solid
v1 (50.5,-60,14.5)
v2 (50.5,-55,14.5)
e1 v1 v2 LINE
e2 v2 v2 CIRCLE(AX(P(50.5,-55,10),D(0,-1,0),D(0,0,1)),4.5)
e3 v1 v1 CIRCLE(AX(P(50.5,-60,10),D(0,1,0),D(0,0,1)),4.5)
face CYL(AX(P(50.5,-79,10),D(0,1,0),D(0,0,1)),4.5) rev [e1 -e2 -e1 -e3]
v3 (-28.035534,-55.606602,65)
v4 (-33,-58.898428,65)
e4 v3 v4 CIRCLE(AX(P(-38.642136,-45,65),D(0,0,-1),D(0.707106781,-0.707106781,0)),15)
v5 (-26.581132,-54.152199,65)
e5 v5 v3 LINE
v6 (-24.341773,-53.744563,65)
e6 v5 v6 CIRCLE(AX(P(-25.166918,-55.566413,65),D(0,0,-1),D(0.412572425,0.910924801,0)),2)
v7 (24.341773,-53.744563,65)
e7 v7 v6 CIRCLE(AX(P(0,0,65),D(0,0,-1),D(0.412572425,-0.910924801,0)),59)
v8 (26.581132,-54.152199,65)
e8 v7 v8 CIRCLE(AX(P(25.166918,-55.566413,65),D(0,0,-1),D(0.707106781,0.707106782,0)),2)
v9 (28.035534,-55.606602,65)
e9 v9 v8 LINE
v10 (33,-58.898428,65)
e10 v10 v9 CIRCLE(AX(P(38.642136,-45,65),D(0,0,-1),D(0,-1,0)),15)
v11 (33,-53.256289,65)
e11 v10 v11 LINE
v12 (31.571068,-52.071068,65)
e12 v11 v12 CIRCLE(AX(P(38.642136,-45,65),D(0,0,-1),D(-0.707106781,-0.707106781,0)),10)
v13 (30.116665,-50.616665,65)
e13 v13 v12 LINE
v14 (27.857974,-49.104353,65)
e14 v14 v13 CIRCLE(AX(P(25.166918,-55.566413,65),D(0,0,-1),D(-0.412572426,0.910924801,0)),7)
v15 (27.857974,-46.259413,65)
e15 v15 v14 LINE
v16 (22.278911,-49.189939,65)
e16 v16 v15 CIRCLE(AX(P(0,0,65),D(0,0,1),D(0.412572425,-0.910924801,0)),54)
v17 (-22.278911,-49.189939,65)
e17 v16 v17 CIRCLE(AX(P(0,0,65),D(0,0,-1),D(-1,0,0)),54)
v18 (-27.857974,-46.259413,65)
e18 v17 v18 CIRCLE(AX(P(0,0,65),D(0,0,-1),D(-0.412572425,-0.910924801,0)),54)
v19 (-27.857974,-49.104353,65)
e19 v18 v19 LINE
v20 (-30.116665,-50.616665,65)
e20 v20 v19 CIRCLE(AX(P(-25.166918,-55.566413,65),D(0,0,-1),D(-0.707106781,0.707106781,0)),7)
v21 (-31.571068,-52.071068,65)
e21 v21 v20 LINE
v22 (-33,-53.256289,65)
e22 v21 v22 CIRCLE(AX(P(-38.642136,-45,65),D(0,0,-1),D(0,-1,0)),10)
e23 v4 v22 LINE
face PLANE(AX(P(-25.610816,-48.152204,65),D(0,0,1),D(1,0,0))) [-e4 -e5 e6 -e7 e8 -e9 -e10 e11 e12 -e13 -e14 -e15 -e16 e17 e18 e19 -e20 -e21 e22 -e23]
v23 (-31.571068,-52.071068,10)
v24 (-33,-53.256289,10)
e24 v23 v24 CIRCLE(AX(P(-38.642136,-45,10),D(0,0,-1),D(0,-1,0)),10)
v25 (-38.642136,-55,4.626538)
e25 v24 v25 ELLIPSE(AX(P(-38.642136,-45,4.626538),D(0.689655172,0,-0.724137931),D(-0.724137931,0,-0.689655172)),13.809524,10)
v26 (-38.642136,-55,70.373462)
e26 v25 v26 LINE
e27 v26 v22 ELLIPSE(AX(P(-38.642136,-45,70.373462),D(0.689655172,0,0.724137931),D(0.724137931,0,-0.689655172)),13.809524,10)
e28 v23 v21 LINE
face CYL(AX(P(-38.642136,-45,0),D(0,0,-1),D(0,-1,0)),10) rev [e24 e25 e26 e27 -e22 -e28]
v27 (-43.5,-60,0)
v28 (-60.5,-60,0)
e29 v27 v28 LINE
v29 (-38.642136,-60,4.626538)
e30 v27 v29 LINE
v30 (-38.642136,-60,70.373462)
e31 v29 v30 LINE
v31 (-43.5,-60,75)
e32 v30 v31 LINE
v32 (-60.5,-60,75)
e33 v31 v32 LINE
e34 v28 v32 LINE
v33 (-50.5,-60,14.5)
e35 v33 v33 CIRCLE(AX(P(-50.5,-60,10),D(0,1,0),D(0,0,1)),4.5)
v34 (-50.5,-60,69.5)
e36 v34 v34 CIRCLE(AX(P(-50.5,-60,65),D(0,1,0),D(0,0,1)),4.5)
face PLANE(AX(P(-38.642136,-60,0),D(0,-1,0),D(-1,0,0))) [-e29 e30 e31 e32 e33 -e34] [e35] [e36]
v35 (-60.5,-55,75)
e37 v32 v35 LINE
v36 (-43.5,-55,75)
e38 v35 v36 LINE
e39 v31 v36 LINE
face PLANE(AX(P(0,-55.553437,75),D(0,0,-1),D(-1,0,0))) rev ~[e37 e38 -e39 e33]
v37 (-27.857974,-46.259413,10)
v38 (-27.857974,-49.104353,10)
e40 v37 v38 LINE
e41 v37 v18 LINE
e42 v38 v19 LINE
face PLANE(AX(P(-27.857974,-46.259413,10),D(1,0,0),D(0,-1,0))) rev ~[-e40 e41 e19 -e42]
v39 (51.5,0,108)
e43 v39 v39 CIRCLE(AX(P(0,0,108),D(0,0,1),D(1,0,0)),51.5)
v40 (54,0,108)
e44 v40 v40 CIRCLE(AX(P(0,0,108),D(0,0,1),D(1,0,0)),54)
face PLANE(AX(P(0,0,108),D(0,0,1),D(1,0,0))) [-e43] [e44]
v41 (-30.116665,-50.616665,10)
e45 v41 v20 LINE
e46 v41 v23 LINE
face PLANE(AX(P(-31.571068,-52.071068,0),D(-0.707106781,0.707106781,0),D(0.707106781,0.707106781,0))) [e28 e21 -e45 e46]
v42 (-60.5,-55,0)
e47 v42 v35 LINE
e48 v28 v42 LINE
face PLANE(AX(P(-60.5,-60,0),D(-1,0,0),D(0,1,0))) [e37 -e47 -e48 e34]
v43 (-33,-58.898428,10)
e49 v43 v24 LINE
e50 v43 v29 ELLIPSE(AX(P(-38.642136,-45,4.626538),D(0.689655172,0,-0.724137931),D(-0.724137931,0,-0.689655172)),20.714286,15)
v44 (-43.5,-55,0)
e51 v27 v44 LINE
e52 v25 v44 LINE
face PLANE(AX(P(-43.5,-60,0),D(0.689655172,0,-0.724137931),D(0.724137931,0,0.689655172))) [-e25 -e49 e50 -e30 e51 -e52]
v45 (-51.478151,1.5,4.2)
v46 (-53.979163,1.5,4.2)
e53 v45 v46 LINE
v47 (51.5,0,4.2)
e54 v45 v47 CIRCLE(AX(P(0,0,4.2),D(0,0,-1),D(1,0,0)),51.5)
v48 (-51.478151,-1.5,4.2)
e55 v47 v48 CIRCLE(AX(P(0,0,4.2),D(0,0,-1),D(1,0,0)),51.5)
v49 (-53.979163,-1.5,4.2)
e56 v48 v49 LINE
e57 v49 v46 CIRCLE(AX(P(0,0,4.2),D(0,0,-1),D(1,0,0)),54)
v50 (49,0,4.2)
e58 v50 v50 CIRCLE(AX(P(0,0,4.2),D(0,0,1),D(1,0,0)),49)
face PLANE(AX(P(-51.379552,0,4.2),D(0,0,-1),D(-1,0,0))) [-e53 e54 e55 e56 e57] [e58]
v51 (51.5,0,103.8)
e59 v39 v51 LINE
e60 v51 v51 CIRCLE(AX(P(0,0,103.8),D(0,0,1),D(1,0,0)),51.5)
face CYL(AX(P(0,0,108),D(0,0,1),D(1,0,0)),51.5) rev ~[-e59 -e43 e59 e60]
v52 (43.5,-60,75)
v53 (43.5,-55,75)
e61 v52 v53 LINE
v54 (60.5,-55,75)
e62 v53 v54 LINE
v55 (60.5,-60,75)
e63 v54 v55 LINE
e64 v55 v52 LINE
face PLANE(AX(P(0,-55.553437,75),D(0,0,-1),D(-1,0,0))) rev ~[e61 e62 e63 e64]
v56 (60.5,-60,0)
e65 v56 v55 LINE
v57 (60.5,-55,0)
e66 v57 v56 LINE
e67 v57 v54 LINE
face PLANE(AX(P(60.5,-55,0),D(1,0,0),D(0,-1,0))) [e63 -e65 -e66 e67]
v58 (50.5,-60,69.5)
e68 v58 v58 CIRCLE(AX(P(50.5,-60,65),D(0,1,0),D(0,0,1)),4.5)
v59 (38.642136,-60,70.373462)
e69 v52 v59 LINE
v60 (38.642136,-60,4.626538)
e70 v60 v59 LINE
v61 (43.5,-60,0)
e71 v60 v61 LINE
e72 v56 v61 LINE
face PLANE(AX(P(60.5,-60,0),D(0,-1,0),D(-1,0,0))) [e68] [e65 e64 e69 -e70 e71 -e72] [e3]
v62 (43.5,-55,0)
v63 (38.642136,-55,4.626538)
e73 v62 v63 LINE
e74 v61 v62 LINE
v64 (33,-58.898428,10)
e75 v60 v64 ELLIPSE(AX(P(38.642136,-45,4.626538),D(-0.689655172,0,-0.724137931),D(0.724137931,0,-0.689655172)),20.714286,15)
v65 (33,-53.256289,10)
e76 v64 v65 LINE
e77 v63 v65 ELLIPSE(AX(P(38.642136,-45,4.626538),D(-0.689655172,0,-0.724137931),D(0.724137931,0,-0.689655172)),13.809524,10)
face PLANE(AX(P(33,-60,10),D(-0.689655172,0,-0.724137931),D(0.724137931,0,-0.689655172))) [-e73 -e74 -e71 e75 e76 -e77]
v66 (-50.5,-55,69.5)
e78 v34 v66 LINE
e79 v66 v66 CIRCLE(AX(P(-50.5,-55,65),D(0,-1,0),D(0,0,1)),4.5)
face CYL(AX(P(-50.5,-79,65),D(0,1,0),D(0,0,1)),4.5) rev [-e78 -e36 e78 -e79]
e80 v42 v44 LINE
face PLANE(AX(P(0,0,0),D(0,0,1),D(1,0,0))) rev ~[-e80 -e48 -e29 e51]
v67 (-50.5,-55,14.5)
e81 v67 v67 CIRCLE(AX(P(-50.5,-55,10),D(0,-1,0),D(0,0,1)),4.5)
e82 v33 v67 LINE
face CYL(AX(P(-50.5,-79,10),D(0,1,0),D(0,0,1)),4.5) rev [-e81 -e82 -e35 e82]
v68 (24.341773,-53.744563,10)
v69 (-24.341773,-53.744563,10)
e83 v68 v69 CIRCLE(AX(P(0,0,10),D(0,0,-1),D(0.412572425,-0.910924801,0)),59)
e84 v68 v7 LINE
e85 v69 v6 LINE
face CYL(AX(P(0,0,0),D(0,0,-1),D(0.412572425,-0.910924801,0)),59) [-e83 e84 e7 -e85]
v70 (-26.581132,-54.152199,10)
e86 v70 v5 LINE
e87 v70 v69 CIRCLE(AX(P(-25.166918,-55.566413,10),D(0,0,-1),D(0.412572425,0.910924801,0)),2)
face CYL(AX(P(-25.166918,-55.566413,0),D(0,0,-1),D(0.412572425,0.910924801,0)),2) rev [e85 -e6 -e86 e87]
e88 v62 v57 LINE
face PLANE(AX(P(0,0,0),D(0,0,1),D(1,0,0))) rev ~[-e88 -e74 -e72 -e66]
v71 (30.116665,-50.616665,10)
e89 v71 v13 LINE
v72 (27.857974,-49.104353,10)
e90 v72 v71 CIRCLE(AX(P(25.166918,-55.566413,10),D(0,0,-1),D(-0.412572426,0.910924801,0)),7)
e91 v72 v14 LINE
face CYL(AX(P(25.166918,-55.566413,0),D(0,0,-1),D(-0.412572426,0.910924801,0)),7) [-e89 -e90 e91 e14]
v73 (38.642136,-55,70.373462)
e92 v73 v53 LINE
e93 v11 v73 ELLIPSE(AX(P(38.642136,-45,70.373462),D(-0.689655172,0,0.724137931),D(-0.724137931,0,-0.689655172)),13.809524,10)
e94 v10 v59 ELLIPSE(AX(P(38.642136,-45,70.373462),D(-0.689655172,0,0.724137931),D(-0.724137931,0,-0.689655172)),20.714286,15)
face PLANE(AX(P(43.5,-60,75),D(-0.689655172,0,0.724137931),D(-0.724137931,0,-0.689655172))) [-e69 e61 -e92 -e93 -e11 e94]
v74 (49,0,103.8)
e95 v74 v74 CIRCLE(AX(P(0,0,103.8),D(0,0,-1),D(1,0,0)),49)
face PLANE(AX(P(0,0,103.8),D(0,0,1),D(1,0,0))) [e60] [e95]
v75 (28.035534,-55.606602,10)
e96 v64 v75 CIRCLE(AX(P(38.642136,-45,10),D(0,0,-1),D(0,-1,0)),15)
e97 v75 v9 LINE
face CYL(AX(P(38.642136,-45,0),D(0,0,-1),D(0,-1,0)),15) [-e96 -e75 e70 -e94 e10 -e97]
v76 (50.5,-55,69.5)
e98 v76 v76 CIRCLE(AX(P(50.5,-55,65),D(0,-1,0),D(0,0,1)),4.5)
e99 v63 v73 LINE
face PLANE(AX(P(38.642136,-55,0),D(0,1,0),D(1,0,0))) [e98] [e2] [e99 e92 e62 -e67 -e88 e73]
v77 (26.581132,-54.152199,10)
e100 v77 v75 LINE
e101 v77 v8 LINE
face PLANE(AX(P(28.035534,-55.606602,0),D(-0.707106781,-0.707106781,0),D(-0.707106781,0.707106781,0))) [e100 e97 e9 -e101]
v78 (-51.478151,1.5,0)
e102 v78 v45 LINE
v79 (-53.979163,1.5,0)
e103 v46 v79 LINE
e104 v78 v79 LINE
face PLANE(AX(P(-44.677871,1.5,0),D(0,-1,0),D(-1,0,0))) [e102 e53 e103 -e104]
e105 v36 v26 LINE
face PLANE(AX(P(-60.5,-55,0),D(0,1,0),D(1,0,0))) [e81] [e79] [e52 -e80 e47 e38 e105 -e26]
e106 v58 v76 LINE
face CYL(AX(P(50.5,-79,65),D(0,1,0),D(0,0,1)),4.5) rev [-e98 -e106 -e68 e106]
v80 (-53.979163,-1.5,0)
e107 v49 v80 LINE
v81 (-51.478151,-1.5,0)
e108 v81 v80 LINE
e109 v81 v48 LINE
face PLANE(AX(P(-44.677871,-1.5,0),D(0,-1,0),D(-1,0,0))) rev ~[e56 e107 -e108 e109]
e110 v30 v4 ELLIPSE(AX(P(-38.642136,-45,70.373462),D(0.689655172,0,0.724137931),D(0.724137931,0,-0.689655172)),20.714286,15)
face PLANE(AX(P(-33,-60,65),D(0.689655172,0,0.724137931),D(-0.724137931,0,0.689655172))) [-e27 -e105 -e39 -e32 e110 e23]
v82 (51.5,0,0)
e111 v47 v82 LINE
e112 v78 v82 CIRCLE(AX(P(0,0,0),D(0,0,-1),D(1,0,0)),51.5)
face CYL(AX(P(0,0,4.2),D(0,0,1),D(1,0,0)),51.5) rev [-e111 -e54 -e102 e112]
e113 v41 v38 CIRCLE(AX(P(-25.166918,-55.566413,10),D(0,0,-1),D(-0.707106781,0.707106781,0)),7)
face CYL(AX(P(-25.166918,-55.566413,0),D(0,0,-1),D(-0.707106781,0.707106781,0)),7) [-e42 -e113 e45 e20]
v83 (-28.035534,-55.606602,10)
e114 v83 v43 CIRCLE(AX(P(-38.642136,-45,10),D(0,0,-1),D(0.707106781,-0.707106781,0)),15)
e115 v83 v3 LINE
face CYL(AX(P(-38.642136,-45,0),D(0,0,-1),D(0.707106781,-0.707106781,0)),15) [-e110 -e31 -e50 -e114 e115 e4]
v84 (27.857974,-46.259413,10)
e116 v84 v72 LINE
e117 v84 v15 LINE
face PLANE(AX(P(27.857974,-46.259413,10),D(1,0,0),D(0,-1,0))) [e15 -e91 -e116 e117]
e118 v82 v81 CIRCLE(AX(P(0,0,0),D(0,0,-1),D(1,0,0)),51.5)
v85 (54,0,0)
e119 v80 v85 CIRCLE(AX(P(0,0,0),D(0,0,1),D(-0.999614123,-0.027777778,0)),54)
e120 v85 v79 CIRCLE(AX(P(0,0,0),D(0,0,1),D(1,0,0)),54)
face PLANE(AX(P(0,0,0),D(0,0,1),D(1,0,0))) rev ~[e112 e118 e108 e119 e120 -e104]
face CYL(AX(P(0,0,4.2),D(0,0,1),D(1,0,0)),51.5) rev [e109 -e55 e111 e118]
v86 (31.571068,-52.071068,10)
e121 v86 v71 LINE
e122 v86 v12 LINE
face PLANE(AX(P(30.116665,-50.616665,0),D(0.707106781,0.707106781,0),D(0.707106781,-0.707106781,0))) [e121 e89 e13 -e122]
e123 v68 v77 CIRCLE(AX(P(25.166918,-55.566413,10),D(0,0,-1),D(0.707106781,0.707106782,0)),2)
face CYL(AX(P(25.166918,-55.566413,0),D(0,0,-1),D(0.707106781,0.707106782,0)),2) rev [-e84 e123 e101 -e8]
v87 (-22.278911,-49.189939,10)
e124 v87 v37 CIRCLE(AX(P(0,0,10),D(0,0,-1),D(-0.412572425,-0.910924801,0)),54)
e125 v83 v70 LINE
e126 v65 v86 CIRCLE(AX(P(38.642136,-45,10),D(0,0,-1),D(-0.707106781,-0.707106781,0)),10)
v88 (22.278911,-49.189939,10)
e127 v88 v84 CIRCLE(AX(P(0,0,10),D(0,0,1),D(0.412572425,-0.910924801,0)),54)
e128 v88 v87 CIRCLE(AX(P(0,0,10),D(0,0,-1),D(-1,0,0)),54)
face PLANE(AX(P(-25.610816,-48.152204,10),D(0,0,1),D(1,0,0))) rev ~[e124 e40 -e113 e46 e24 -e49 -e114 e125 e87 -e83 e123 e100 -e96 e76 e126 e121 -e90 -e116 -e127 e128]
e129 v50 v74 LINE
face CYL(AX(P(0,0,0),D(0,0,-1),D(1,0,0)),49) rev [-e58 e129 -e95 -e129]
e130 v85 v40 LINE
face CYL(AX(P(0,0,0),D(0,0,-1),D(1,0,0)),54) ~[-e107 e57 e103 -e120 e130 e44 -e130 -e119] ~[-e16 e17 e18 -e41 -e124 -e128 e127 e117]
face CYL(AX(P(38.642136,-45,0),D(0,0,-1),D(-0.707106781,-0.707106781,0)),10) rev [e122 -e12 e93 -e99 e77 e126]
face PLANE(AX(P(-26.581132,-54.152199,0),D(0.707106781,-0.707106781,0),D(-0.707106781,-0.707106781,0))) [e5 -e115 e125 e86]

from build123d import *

# Parameters (mm, degrees)
ESQUISSE1_R                     = 54
ESQUISSE1_R_2                   = 49
EXTRUSION1_DEPTH                = 108
ESQUISSE2_R                     = 51.5
ENL_V_MAT_EXTRU_1_DEPTH         = 4.2
ENL_V_START                     = -4.2
ESQUISSE3_R                     = 51.5
ENL_V_MAT_EXTRU_2_DEPTH         = 4.2
ESQUISSE4_W                     = 13.403361345
ESQUISSE4_H                     = 3
ENL_V_MAT_EXTRU_3_DEPTH         = 4.2
EXTRUSION2_DEPTH                = 75
ENL_V_MAT_EXTRU_4_REACH         = 170.286
ENL_V_MAT_EXTRU_4_END_RADIUS    = 54
EXTRUSION3_DEPTH                = 55
R_P_TITION_LIN_AIRE1_COUNT      = 2
R_P_TITION_LIN_AIRE1_PITCH      = 55
R_P_TITION_LIN_AIRE1_COUNT_DIR2 = 2
R_P_TITION_LIN_AIRE1_PITCH_DIR2 = 101


with BuildPart() as part:
    # Esquisse1 → Extrusion1 (new body)
    with BuildSketch(Plane.XY):
        Circle(ESQUISSE1_R)
        Circle(ESQUISSE1_R_2, mode=Mode.SUBTRACT)
    extrude(amount=EXTRUSION1_DEPTH)

    # Esquisse2 → Enlèv. mat.-Extru.1 (cut)
    with BuildSketch(Plane.XY.offset(108)):
        Circle(ESQUISSE2_R)
    extrude(amount=-ENL_V_MAT_EXTRU_1_DEPTH, mode=Mode.SUBTRACT)

    # Esquisse3 → Enlèv. mat.-Extru.2 (cut)
    with BuildSketch(Plane(origin=(0, 0, 0), x_dir=(-1, 0, 0), z_dir=(0, 0, -1)).offset(ENL_V_START)):
        with Locations(Location((0, 0, 0), (0, 0, 180))):
            Circle(ESQUISSE3_R)
    extrude(amount=ENL_V_MAT_EXTRU_2_DEPTH, mode=Mode.SUBTRACT)

    # Esquisse4 → Enlèv. mat.-Extru.3 (cut)
    with BuildSketch(Plane(origin=(0, 0, 0), x_dir=(-1, 0, 0), z_dir=(0, 0, -1))):
        with Locations((51.37955182, 0)):
            Rectangle(ESQUISSE4_W, ESQUISSE4_H)
    extrude(amount=-ENL_V_MAT_EXTRU_3_DEPTH, mode=Mode.SUBTRACT)

    # Esquisse5 → Extrusion2 (add)
    with BuildSketch(Plane(origin=(0, 0, 0), x_dir=(-1, 0, 0), z_dir=(0, 0, -1))):
        with BuildLine():
            Line((-60.5, -60), (-38.642135624, -60))
            ThreePointArc((-38.642135624, -60), (-32.901884138, -58.858192988), (-28.035533906, -55.606601718))
            Line((-28.035533906, -55.606601718), (-26.581131511, -54.152199323))
            ThreePointArc((-26.581131511, -54.152199323), (-25.525097055, -53.598747333), (-24.341773098, -53.744563283))
            ThreePointArc((-24.341773098, -53.744563283), (0, -59), (24.341773098, -53.744563283))
            ThreePointArc((24.341773098, -53.744563283), (25.525097055, -53.598747333), (26.581131511, -54.152199323))
            Line((26.581131511, -54.152199323), (28.035533906, -55.606601718))
            ThreePointArc((28.035533906, -55.606601718), (32.901884138, -58.858192988), (38.642135624, -60))
            Line((38.642135624, -60), (60.5, -60))
            Line((60.5, -60), (60.5, -55))
            Line((60.5, -55), (38.642135624, -55))
            ThreePointArc((38.642135624, -55), (34.8153013, -54.238795325), (31.571067812, -52.071067812))
            Line((31.571067812, -52.071067812), (30.116665417, -50.616665417))
            ThreePointArc((30.116665417, -50.616665417), (26.42054482, -48.67958345), (22.278910971, -49.189939276))
            ThreePointArc((22.278910971, -49.189939276), (0, -54), (-22.278910971, -49.189939276))
            ThreePointArc((-22.278910971, -49.189939276), (-26.42054482, -48.67958345), (-30.116665417, -50.616665417))
            Line((-30.116665417, -50.616665417), (-31.571067812, -52.071067812))
            ThreePointArc((-31.571067812, -52.071067812), (-34.8153013, -54.238795325), (-38.642135624, -55))
            Line((-38.642135624, -55), (-60.5, -55))
            Line((-60.5, -55), (-60.5, -60))
        make_face()
    extrude(amount=-EXTRUSION2_DEPTH)

    # Enlèv. mat.-Extru.4: up to this cylinder (the profile starts outside it)
    enl_v_mat_extru_4_end = Plane(origin=(0, 0, 37.5), z_dir=(0, 0, -1)) * Cylinder(ENL_V_MAT_EXTRU_4_END_RADIUS, 515.029516, mode=Mode.PRIVATE)
    # Esquisse6 → Enlèv. mat.-Extru.4 (cut, up to the surface)
    with BuildSketch(Plane.XZ.offset(60), mode=Mode.PRIVATE) as enl_v_mat_extru_4_sk1:
        Polygon((43.5, 0), (-43.5, 0), (-33, 10), (33, 10), align=None)
    enl_v_mat_extru_4_tool1 = extrude(enl_v_mat_extru_4_sk1.sketch, amount=-ENL_V_MAT_EXTRU_4_REACH, mode=Mode.PRIVATE) - enl_v_mat_extru_4_end
    add(enl_v_mat_extru_4_tool1.solids().sort_by_distance((0, -60, 4.771242))[0], mode=Mode.SUBTRACT)
    # Esquisse6 → Enlèv. mat.-Extru.4 (cut, up to the surface)
    with BuildSketch(Plane.XZ.offset(60), mode=Mode.PRIVATE) as enl_v_mat_extru_4_sk2:
        Polygon((-33, 65), (-43.5, 75), (43.5, 75), (33, 65), align=None)
    enl_v_mat_extru_4_tool2 = extrude(enl_v_mat_extru_4_sk2.sketch, amount=-ENL_V_MAT_EXTRU_4_REACH, mode=Mode.PRIVATE) - enl_v_mat_extru_4_end
    add(enl_v_mat_extru_4_tool2.solids().sort_by_distance((0, -60, 70.228758))[0], mode=Mode.SUBTRACT)

    # Esquisse7 → Extrusion3 (add)
    with BuildSketch(Plane(origin=(0, 0, 10), x_dir=(-1, 0, 0), z_dir=(0, 0, -1))):
        with BuildLine():
            Line((27.857974208, -46.259412804), (27.857974208, -49.104353136))
            ThreePointArc((27.857974208, -49.104353136), (25.059546429, -48.567236408), (22.278910971, -49.189939276))
            ThreePointArc((22.278910971, -49.189939276), (25.111228768, -47.806131299), (27.857974208, -46.259412804))
        make_face()
        with BuildLine():
            Line((-27.857974208, -46.259412804), (-27.857974208, -49.104353136))
            ThreePointArc((-27.857974208, -49.104353136), (-25.059546429, -48.567236408), (-22.278910971, -49.189939276))
            ThreePointArc((-22.278910971, -49.189939276), (-25.111228768, -47.806131299), (-27.857974208, -46.259412804))
        make_face()
    extrude(amount=-EXTRUSION3_DEPTH)

    # Esquisse10 → Dégagement M81 (revolve, cut)
    with BuildSketch(Plane(origin=(50.5, -55, 10), x_dir=(0, 0, 1), z_dir=(1, 0, 0))):
        Polygon((0, 0), (0, 26.703872786), (4.5, 24), (4.5, 0), align=None)
    d_gagement_m81 = revolve(axis=Axis((50.5, -48.65, 10), (0, -1, 0)), mode=Mode.SUBTRACT)

    # Répétition linéaire1: D_gagement M81 2 × 2
    with Locations(*[(-j * R_P_TITION_LIN_AIRE1_PITCH_DIR2, 0, i * R_P_TITION_LIN_AIRE1_PITCH) for i in range(R_P_TITION_LIN_AIRE1_COUNT) for j in range(R_P_TITION_LIN_AIRE1_COUNT_DIR2) if (i, j) != (0, 0)]):
        add(d_gagement_m81, mode=Mode.SUBTRACT)


solid = part.part
